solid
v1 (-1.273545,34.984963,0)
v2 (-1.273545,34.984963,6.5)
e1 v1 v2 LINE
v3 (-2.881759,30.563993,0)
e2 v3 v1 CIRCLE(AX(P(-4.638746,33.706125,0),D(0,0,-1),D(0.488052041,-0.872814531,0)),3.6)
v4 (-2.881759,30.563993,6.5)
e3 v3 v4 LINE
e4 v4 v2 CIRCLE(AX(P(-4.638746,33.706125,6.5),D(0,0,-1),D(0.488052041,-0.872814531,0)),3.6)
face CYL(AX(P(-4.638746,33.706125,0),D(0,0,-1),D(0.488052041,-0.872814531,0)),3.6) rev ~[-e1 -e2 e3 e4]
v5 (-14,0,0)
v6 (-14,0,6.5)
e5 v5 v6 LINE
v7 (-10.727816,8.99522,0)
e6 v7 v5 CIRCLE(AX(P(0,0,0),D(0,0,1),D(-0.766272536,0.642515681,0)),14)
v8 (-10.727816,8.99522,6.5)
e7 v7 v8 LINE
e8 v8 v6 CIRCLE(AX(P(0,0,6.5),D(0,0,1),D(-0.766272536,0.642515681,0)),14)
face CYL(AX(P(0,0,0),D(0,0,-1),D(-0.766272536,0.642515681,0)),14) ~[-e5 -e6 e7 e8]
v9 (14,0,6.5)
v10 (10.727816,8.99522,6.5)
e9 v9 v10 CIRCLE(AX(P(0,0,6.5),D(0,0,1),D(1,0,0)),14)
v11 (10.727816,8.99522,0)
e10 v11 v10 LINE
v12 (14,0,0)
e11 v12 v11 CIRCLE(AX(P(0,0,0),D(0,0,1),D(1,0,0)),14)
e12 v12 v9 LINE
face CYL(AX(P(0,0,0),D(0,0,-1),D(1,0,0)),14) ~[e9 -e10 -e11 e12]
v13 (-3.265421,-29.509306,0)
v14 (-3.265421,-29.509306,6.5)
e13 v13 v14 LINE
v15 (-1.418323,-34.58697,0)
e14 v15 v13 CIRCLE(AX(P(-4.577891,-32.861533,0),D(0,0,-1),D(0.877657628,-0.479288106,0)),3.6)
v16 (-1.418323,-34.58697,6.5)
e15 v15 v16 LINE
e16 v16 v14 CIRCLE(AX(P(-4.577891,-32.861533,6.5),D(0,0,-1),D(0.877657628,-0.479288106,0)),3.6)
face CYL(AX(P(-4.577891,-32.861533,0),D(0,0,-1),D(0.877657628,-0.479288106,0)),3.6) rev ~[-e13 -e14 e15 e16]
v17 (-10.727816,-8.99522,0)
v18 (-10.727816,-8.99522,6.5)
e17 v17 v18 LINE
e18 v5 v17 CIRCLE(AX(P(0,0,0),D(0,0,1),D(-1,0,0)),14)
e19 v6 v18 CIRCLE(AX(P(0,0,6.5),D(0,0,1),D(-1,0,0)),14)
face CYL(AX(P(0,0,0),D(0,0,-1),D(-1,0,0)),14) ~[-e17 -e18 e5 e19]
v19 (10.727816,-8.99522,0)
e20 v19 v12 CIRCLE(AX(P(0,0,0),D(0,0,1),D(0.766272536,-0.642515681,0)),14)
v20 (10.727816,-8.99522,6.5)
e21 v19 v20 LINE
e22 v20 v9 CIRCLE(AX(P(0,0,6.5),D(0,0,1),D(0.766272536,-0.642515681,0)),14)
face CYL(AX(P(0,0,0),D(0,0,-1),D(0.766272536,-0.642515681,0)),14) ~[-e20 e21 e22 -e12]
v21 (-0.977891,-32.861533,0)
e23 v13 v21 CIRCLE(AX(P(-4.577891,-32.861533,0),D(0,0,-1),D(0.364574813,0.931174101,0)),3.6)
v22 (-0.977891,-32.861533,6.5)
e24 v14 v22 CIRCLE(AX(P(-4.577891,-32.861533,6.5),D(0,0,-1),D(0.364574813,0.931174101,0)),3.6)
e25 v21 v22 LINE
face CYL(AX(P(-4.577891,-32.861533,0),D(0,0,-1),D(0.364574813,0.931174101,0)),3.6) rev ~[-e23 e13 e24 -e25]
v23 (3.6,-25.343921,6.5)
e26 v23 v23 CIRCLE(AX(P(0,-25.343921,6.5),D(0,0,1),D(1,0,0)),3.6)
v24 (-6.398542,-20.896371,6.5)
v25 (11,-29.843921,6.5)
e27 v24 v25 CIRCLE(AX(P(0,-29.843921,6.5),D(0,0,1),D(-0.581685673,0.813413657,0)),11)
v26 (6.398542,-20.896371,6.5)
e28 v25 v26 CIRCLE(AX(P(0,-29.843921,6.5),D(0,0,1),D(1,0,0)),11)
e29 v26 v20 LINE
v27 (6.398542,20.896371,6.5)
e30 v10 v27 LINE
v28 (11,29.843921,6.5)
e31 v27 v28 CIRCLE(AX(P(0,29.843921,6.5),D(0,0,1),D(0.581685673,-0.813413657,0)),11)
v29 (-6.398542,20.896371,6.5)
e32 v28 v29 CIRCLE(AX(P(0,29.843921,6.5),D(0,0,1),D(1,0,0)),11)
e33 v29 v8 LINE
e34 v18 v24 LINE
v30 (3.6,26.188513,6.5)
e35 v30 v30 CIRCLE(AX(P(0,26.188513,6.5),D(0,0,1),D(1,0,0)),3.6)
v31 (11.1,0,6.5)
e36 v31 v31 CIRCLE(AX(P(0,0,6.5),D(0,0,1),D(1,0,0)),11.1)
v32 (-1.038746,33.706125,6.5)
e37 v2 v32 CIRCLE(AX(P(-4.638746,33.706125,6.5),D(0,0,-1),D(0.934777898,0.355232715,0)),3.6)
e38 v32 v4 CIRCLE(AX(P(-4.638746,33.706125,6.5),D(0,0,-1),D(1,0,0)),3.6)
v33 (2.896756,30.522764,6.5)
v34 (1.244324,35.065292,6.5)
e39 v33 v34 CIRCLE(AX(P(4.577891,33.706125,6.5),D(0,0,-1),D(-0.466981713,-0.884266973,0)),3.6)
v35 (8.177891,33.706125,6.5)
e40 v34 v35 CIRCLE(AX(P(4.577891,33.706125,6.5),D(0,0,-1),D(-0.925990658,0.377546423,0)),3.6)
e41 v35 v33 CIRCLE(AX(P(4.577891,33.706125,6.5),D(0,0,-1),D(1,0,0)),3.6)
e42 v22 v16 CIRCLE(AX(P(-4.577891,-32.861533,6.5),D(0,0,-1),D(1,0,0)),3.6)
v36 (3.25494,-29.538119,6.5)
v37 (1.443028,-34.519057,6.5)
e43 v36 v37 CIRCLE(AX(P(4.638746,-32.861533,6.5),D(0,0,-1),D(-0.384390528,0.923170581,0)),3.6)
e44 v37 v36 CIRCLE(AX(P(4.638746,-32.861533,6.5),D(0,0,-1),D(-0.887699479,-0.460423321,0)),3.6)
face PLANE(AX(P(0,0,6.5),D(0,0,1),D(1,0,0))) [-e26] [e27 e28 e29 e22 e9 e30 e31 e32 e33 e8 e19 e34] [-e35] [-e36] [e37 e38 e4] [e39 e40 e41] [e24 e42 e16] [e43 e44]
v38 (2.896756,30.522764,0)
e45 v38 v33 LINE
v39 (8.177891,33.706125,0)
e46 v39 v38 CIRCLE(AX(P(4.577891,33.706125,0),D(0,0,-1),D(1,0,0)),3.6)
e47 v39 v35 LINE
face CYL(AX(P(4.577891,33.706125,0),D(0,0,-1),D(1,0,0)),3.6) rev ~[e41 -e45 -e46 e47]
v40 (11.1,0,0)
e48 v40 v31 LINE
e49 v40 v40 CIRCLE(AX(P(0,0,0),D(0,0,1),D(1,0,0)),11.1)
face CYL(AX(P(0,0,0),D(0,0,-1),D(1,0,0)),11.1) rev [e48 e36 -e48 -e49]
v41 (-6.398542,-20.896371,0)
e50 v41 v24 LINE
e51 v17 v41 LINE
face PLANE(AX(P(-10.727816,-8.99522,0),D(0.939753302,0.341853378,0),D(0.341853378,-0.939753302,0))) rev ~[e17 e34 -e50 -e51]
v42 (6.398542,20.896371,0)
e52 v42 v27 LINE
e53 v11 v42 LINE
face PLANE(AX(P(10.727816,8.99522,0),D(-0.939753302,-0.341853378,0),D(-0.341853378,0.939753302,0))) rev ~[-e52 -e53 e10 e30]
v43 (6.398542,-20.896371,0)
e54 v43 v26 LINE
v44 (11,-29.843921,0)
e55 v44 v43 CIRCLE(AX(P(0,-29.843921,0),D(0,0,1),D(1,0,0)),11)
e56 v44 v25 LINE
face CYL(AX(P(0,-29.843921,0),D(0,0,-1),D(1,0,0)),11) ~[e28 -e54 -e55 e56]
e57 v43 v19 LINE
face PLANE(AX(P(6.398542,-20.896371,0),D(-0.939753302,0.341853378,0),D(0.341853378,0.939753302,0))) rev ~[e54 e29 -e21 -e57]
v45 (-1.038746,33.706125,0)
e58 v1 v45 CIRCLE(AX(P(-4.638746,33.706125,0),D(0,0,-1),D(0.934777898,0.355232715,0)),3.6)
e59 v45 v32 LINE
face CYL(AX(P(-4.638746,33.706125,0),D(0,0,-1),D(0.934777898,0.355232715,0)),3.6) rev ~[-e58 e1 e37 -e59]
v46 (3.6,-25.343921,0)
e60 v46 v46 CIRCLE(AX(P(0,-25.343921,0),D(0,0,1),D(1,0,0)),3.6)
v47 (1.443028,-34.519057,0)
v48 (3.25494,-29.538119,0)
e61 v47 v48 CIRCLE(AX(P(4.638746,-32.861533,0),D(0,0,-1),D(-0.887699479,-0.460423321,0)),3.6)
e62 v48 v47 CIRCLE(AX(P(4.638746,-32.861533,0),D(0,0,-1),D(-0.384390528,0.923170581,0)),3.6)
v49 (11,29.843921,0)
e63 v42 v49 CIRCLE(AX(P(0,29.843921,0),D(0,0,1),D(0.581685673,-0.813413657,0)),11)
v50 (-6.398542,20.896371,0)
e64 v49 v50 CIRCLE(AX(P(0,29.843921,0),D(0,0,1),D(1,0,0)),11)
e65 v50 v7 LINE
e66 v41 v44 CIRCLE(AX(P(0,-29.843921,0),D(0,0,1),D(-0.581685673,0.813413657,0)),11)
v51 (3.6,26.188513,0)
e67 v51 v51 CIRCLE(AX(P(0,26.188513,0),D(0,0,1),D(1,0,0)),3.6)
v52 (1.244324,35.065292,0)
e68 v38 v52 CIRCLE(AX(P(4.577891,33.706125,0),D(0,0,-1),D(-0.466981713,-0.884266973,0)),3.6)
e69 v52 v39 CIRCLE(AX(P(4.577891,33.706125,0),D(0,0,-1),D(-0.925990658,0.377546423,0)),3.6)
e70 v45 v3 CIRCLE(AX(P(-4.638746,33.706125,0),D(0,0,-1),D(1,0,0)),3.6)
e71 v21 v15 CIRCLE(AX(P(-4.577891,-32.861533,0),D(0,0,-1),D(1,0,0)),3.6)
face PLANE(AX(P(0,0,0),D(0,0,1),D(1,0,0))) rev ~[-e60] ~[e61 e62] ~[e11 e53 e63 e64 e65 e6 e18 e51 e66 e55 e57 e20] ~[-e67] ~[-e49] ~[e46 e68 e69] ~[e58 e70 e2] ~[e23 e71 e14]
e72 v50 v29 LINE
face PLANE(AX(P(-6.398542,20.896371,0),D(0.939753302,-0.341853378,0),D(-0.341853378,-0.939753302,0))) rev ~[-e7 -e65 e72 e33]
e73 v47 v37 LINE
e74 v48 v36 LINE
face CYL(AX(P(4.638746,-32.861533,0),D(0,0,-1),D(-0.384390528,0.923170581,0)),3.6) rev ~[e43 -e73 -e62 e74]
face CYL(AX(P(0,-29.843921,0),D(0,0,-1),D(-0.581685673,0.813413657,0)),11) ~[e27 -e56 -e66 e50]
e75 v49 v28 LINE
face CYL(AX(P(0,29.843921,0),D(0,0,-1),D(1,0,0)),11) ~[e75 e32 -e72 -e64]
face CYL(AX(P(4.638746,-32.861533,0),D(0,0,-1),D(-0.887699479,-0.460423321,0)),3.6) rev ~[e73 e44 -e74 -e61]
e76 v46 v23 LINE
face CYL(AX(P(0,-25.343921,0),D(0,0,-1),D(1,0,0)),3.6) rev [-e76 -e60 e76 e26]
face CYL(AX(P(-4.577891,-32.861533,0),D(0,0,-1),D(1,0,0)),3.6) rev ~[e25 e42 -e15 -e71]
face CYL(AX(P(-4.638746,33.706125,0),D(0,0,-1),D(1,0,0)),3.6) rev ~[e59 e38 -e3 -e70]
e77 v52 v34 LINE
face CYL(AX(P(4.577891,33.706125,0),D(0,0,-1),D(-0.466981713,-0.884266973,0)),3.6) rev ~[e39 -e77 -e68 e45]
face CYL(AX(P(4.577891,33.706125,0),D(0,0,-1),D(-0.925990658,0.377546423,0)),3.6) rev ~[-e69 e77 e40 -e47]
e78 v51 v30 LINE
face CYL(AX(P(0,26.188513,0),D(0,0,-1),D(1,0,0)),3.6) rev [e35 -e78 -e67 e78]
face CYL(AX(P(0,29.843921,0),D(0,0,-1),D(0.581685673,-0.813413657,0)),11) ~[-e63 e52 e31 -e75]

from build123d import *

# Parameters (mm, degrees)
F0_R     = 11.1
F0_R_2   = 3.6
F1_DEPTH = 6.5


with BuildPart() as f1:
    # F0 (on Top) → F1 (new body)
    with BuildSketch(Plane.XY):
        with BuildLine():
            Line((10.7278155075, -8.9952195325), (14, 0))
            Line((14, 0), (10.7278155075, 8.9952195325))
            ThreePointArc((10.7278155075, 8.9952195325), (0, 14), (-10.7278155075, 8.9952195325))
            Line((-10.7278155075, 8.9952195325), (-14, 0))
            Line((-14, 0), (-10.7278155075, -8.9952195325))
            ThreePointArc((-10.7278155075, -8.9952195325), (0, -14), (10.7278155075, -8.9952195325))
        make_face()
        Circle(F0_R, mode=Mode.SUBTRACT)
        with BuildLine():
            Line((-14, 0), (-10.7278155075, 8.9952195325))
            ThreePointArc((-10.7278155075, 8.9952195325), (-13.1565462243, 4.7859472884), (-14, 0))
        make_face()
        with BuildLine():
            ThreePointArc((-14, 0), (-13.1565462243, -4.7859472884), (-10.7278155075, -8.9952195325))
            Line((-10.7278155075, -8.9952195325), (-14, 0))
        make_face()
        with BuildLine():
            ThreePointArc((10.7278155075, -8.9952195325), (13.1565462243, -4.7859472884), (14, 0))
            Line((14, 0), (10.7278155075, -8.9952195325))
        make_face()
        with BuildLine():
            Line((10.7278155075, 8.9952195325), (14, 0))
            ThreePointArc((14, 0), (13.1565462243, 4.7859472884), (10.7278155075, 8.9952195325))
        make_face()
        with BuildLine():
            ThreePointArc((-6.3985424017, 20.896370611), (0, 18.8439208418), (6.3985424017, 20.896370611))
            Line((6.3985424017, 20.896370611), (2.8967563366, 30.5227637692))
            ThreePointArc((2.8967563366, 30.5227637692), (1.1947786179, 32.4754527121), (1.2443241353, 35.0652919937))
            Line((1.2443241353, 35.0652919937), (0, 38.4859330952))
            Line((0, 38.4859330952), (-1.2735454835, 34.9849626471))
            ThreePointArc((-1.2735454835, 34.9849626471), (-1.0979323396, 34.3562319579), (-1.0387459151, 33.706124872))
            ThreePointArc((-1.0387459151, 33.706124872), (-1.5334959699, 31.8847455108), (-2.8817585693, 30.5639925599))
            Line((-2.8817585693, 30.5639925599), (-6.3985424017, 20.896370611))
        make_face()
        with Locations((0, 26.1885132641)):
            Circle(F0_R_2, mode=Mode.SUBTRACT)
        with BuildLine():
            Line((2.8967563366, 30.5227637692), (6.3985424017, 20.896370611))
            ThreePointArc((6.3985424017, 20.896370611), (9.7822279267, 24.8132134571), (11, 29.8439208418))
            ThreePointArc((11, 29.8439208418), (-5.0307073847, 39.6261487685), (-6.3985424017, 20.896370611))
            Line((-6.3985424017, 20.896370611), (-2.8817585693, 30.5639925599))
            ThreePointArc((-2.8817585693, 30.5639925599), (-8.0218578014, 34.9367970319), (-1.2735454835, 34.9849626471))
            Line((-1.2735454835, 34.9849626471), (0, 38.4859330952))
            Line((0, 38.4859330952), (1.2443241353, 35.0652919937))
            ThreePointArc((1.2443241353, 35.0652919937), (5.2704080391, 37.2388885867), (8.1778905042, 33.706124872))
            ThreePointArc((8.1778905042, 33.706124872), (6.4363733527, 30.6229379653), (2.8967563366, 30.5227637692))
        make_face()
        with BuildLine():
            ThreePointArc((-10.7278155075, 8.9952195325), (0, 14), (10.7278155075, 8.9952195325))
            Line((10.7278155075, 8.9952195325), (6.3985424017, 20.896370611))
            ThreePointArc((6.3985424017, 20.896370611), (0, 18.8439208418), (-6.3985424017, 20.896370611))
            Line((-6.3985424017, 20.896370611), (-10.7278155075, 8.9952195325))
        make_face()
        with BuildLine():
            Line((3.2549400142, -29.5381185512), (6.3985424017, -20.896370611))
            ThreePointArc((6.3985424017, -20.896370611), (0, -18.8439208418), (-6.3985424017, -20.896370611))
            Line((-6.3985424017, -20.896370611), (-3.2654211785, -29.5093058806))
            ThreePointArc((-3.2654211785, -29.5093058806), (-1.6042656478, -30.8323566496), (-0.9778905042, -32.8615326434))
            ThreePointArc((-0.9778905042, -32.8615326434), (-1.0897360598, -33.7519137821), (-1.4183230442, -34.5869698246))
            Line((-1.4183230442, -34.5869698246), (0, -38.4859330952))
            Line((0, -38.4859330952), (1.4430277894, -34.5190565983))
            ThreePointArc((1.4430277894, -34.5190565983), (1.2556340289, -31.6308604836), (3.2549400142, -29.5381185512))
        make_face()
        with Locations((0, -25.3439210355)):
            Circle(F0_R_2, mode=Mode.SUBTRACT)
        with BuildLine():
            Line((6.3985424017, -20.896370611), (10.7278155075, -8.9952195325))
            ThreePointArc((10.7278155075, -8.9952195325), (0, -14), (-10.7278155075, -8.9952195325))
            Line((-10.7278155075, -8.9952195325), (-6.3985424017, -20.896370611))
            ThreePointArc((-6.3985424017, -20.896370611), (0, -18.8439208418), (6.3985424017, -20.896370611))
        make_face()
        with BuildLine():
            ThreePointArc((11, -29.8439208418), (9.7822279267, -24.8132134571), (6.3985424017, -20.896370611))
            Line((6.3985424017, -20.896370611), (3.2549400142, -29.5381185512))
            ThreePointArc((3.2549400142, -29.5381185512), (6.6360314176, -29.8663948133), (8.2387459151, -32.8615326434))
            ThreePointArc((8.2387459151, -32.8615326434), (5.4918035765, -36.3590021038), (1.4430277894, -34.5190565983))
            Line((1.4430277894, -34.5190565983), (0, -38.4859330952))
            Line((0, -38.4859330952), (-1.4183230442, -34.5869698246))
            ThreePointArc((-1.4183230442, -34.5869698246), (-7.9610023904, -34.0922048033), (-3.2654211785, -29.5093058806))
            Line((-3.2654211785, -29.5093058806), (-6.3985424017, -20.896370611))
            ThreePointArc((-6.3985424017, -20.896370611), (-5.0307073847, -39.6261487685), (11, -29.8439208418))
        make_face()
    extrude(amount=F1_DEPTH)


solid = f1.part
